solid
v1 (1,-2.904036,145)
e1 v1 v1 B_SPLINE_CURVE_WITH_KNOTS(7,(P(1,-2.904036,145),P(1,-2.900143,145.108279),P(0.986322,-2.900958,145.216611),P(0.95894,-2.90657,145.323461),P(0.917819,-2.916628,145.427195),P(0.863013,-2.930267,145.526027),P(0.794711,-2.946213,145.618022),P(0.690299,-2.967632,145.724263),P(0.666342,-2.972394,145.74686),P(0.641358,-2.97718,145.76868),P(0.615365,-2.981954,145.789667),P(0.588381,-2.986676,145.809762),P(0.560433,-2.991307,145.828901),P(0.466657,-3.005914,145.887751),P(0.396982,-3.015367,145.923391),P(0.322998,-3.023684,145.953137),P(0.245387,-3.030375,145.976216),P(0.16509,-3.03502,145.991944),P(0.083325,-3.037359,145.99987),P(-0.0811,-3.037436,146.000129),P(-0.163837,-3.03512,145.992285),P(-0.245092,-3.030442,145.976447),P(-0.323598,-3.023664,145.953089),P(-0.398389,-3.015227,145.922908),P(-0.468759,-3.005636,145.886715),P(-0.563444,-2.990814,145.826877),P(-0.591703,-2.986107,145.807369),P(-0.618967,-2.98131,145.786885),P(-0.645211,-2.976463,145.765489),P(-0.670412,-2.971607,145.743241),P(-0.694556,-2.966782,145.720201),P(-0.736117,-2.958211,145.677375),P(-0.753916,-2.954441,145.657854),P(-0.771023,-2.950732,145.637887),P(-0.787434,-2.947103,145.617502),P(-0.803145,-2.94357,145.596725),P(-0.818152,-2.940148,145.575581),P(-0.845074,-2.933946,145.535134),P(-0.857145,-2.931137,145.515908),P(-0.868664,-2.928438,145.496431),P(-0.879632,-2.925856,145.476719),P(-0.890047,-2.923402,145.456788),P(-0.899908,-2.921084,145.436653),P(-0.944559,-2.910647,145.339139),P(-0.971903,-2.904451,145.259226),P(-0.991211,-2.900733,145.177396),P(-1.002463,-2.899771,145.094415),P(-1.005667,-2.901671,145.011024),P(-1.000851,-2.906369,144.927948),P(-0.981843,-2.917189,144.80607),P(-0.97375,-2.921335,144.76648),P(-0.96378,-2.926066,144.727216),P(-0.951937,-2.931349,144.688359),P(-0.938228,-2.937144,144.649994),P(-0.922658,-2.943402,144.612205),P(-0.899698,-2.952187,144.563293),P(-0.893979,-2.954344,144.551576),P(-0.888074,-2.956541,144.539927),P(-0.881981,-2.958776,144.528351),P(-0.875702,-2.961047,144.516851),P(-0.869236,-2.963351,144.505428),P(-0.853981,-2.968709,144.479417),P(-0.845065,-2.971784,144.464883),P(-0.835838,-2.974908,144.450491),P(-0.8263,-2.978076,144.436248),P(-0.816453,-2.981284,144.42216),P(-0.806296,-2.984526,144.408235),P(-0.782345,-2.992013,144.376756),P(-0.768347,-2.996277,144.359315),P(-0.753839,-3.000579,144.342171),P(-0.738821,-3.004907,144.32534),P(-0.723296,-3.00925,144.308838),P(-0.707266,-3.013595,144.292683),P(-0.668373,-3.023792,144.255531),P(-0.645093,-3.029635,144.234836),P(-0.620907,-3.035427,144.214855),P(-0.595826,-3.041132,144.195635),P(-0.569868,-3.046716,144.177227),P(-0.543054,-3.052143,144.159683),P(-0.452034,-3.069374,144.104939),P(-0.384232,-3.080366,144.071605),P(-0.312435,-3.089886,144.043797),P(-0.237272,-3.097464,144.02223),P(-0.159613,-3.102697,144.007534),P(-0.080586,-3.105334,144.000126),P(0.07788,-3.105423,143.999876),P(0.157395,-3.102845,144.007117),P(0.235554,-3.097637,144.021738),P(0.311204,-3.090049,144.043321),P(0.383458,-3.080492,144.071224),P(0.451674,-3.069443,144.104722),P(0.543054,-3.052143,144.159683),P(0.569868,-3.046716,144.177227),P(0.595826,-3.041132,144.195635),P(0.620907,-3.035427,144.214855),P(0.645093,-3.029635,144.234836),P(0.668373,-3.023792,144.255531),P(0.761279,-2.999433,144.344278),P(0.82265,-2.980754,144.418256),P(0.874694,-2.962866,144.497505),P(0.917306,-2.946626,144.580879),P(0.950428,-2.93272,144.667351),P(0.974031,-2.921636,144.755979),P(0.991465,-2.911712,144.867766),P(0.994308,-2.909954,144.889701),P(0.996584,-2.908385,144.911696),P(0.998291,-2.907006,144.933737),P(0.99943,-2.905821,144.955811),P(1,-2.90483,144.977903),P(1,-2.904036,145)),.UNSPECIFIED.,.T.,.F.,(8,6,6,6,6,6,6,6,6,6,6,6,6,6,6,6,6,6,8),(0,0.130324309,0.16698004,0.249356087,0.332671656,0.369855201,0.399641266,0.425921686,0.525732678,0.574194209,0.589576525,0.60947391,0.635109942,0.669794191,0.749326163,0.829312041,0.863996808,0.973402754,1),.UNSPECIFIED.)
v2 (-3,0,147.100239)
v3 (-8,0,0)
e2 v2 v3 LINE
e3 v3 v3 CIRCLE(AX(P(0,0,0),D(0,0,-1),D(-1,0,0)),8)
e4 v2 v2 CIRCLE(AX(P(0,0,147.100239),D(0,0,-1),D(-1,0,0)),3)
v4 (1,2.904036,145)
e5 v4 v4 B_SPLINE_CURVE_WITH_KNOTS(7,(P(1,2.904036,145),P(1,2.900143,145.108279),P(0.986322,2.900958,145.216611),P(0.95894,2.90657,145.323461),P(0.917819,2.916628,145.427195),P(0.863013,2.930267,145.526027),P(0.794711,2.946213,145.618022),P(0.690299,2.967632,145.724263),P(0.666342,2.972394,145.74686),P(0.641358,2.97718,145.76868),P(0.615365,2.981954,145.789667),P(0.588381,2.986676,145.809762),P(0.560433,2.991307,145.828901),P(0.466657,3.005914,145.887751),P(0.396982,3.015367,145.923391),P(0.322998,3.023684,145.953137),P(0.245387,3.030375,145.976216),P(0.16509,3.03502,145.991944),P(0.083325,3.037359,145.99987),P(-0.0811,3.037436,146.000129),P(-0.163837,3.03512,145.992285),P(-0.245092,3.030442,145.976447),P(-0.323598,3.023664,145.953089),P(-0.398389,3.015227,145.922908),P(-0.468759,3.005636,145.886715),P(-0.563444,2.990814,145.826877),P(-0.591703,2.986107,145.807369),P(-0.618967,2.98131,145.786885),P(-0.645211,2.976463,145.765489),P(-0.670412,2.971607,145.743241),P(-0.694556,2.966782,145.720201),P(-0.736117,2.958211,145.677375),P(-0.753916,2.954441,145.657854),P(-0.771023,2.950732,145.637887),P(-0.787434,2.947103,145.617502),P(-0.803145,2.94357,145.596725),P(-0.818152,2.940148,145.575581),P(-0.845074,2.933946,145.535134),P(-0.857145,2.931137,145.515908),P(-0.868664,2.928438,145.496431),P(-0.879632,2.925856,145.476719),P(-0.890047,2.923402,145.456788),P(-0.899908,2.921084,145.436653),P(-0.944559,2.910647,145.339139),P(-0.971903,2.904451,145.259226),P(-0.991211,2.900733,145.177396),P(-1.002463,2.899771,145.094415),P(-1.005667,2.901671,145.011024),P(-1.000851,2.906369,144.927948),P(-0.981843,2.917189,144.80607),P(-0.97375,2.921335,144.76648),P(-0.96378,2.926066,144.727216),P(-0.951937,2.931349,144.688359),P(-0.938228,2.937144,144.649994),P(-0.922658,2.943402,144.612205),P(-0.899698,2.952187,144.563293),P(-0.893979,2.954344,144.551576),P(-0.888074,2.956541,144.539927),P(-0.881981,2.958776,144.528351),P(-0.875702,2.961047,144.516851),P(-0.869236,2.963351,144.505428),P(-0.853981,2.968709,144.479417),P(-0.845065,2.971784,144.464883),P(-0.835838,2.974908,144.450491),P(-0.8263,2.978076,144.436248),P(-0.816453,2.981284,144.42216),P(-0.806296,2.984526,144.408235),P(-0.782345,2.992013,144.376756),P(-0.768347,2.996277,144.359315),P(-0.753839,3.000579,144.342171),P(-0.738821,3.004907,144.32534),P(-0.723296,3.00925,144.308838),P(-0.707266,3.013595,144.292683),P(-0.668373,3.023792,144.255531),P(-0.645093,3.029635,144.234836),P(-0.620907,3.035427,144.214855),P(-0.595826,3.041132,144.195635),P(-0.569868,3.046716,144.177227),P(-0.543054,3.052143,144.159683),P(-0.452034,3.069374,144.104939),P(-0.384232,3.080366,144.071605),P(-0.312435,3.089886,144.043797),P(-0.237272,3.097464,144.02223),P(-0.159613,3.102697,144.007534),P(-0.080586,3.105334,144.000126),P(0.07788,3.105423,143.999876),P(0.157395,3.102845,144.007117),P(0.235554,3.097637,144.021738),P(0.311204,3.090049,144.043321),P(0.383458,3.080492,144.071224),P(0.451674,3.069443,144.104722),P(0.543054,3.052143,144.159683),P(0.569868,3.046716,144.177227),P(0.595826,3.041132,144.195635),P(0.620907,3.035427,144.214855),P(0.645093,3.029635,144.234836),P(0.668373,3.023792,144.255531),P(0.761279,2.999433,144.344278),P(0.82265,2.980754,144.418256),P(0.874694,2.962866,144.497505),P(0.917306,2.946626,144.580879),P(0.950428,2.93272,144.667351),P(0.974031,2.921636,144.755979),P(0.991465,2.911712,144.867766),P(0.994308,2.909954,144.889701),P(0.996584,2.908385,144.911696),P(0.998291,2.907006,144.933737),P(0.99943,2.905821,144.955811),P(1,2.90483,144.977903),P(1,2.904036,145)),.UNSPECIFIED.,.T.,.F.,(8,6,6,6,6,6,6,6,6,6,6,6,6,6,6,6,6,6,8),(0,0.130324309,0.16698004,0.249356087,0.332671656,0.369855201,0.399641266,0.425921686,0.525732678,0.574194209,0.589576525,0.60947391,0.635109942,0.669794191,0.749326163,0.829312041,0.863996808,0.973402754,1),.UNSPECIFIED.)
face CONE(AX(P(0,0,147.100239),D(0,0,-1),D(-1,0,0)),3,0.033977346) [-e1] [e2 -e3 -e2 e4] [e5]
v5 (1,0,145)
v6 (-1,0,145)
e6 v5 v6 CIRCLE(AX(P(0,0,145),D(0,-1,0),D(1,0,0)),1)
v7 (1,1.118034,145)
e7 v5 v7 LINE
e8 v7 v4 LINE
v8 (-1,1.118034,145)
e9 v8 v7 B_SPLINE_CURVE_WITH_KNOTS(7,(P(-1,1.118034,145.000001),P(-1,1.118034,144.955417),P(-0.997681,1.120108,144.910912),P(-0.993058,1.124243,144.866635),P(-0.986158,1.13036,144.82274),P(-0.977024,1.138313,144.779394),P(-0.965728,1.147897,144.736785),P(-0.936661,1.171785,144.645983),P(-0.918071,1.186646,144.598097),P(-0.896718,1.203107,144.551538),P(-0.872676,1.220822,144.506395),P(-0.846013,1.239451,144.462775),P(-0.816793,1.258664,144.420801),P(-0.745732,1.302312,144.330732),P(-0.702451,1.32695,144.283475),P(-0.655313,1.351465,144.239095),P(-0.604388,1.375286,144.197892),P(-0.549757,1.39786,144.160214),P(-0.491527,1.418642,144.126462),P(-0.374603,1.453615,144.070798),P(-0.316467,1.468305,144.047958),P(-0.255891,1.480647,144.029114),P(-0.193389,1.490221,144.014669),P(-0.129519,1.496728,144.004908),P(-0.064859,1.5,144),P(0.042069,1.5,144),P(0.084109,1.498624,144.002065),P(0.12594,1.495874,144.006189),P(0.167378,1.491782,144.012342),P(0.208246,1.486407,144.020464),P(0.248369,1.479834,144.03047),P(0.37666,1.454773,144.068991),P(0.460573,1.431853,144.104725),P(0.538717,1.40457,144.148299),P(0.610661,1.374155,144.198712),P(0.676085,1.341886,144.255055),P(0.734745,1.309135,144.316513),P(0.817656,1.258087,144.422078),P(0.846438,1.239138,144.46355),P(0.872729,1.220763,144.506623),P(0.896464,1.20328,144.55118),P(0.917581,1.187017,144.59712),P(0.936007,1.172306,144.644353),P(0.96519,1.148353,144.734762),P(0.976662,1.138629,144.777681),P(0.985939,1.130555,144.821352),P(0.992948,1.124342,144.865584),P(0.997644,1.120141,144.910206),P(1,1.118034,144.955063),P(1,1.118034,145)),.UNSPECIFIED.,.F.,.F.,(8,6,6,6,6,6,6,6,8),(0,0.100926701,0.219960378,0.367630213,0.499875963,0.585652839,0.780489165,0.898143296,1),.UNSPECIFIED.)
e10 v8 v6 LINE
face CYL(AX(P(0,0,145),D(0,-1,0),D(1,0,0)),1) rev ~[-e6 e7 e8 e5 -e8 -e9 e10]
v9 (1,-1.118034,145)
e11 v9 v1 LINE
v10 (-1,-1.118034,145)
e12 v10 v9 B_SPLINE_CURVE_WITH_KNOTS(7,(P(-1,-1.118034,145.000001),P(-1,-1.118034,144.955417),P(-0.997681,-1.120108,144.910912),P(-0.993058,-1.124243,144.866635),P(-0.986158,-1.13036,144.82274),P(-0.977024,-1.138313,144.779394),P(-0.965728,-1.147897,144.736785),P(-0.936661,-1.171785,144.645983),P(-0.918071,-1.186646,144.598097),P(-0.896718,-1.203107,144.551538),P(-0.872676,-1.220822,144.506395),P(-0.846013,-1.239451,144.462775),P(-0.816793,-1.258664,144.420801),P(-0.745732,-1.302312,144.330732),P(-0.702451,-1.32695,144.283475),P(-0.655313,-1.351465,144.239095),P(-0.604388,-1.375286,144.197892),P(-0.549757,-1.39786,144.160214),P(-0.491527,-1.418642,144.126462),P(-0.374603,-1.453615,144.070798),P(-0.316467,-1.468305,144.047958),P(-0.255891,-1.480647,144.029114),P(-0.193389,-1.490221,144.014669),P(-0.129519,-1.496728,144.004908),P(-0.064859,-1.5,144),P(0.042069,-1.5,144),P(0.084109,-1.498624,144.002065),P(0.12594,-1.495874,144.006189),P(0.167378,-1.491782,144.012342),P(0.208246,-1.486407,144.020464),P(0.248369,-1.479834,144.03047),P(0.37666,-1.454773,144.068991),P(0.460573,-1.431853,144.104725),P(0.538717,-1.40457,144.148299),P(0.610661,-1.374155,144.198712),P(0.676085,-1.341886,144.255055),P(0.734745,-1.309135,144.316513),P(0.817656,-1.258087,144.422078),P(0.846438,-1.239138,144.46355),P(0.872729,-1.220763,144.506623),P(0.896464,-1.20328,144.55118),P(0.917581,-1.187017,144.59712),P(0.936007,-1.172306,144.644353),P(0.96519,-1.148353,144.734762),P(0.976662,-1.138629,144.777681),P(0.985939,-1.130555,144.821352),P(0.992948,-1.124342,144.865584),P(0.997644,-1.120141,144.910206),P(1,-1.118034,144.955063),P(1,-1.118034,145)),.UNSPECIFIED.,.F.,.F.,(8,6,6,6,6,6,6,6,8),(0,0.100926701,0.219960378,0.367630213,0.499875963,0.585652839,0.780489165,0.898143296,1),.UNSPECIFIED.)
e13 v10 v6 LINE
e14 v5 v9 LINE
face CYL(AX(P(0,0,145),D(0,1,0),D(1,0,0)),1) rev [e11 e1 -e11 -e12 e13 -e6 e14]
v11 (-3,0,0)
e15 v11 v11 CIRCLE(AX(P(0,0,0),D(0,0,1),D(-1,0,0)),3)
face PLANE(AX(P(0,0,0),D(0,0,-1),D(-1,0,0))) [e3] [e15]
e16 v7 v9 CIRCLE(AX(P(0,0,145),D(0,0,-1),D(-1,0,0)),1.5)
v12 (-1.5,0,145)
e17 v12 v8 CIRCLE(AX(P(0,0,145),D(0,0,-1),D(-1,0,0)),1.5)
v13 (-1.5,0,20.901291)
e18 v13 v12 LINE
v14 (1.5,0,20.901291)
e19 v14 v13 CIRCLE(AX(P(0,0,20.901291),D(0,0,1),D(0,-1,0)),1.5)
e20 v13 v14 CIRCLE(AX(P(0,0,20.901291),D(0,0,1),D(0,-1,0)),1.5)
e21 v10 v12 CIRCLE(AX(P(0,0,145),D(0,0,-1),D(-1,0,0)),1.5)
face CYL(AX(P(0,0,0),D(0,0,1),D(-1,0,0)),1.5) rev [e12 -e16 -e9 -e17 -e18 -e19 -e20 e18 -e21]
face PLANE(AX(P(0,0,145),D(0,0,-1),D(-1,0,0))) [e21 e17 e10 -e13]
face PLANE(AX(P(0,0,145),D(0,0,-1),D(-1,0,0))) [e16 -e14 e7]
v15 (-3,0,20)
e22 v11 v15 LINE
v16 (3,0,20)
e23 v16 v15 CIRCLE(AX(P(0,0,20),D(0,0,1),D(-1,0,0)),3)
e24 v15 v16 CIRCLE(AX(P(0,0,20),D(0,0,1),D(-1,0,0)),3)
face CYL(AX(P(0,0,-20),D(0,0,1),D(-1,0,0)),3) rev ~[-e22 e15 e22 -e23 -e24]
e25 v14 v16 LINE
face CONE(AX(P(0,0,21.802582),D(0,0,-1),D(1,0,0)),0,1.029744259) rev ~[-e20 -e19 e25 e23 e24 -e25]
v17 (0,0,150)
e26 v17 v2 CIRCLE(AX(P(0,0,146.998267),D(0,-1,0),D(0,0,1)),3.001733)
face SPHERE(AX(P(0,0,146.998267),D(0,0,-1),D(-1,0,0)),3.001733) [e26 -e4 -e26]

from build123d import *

# Parameters (mm, degrees)
F3_D          = 6
F3_DEPTH      = 20
F3_TIP        = 1.8025818571
F4_R          = 1
F5_DEPTH      = 8.001
F5_DEPTH_BACK = 8.001


with BuildPart() as f1:
    # F0 (on Front) → F1 (revolve)
    with BuildSketch(Plane.XZ):
        with BuildLine():
            Line((-8, 0), (-1.5, 0))
            Line((-1.5, 0), (-1.5, 145))
            Line((-1.5, 145), (0, 145))
            Line((0, 145), (0, 150))
            ThreePointArc((0, 150), (-2.0861816349, 149.1565641032), (-3, 147.100238759))
            Line((-3, 147.100238759), (-8, 0))
        make_face()
    revolve(axis=Axis((0, 0, -15.0155443698), (0, 0, -1)))

    # F3
    with Locations(Plane(origin=(0, 0, 0), x_dir=(1, 0, 0), z_dir=(0, 0, -1))):
        with Locations((0, 0)):
            Hole(F3_D / 2, depth=F3_DEPTH)
            with Locations((0, 0, -(F3_DEPTH + F3_TIP / 2))):  # 118° drill point
                Cone(0, F3_D / 2, F3_TIP, mode=Mode.SUBTRACT)

    # F4 (on Front) → F5 (cut, two sides)
    with BuildSketch(Plane.XZ) as f5_sk:
        with Locations((0, 145)):
            Circle(F4_R)
    extrude(amount=-F5_DEPTH, mode=Mode.SUBTRACT)
    extrude(f5_sk.sketch, amount=F5_DEPTH_BACK, mode=Mode.SUBTRACT)


solid = f1.part
